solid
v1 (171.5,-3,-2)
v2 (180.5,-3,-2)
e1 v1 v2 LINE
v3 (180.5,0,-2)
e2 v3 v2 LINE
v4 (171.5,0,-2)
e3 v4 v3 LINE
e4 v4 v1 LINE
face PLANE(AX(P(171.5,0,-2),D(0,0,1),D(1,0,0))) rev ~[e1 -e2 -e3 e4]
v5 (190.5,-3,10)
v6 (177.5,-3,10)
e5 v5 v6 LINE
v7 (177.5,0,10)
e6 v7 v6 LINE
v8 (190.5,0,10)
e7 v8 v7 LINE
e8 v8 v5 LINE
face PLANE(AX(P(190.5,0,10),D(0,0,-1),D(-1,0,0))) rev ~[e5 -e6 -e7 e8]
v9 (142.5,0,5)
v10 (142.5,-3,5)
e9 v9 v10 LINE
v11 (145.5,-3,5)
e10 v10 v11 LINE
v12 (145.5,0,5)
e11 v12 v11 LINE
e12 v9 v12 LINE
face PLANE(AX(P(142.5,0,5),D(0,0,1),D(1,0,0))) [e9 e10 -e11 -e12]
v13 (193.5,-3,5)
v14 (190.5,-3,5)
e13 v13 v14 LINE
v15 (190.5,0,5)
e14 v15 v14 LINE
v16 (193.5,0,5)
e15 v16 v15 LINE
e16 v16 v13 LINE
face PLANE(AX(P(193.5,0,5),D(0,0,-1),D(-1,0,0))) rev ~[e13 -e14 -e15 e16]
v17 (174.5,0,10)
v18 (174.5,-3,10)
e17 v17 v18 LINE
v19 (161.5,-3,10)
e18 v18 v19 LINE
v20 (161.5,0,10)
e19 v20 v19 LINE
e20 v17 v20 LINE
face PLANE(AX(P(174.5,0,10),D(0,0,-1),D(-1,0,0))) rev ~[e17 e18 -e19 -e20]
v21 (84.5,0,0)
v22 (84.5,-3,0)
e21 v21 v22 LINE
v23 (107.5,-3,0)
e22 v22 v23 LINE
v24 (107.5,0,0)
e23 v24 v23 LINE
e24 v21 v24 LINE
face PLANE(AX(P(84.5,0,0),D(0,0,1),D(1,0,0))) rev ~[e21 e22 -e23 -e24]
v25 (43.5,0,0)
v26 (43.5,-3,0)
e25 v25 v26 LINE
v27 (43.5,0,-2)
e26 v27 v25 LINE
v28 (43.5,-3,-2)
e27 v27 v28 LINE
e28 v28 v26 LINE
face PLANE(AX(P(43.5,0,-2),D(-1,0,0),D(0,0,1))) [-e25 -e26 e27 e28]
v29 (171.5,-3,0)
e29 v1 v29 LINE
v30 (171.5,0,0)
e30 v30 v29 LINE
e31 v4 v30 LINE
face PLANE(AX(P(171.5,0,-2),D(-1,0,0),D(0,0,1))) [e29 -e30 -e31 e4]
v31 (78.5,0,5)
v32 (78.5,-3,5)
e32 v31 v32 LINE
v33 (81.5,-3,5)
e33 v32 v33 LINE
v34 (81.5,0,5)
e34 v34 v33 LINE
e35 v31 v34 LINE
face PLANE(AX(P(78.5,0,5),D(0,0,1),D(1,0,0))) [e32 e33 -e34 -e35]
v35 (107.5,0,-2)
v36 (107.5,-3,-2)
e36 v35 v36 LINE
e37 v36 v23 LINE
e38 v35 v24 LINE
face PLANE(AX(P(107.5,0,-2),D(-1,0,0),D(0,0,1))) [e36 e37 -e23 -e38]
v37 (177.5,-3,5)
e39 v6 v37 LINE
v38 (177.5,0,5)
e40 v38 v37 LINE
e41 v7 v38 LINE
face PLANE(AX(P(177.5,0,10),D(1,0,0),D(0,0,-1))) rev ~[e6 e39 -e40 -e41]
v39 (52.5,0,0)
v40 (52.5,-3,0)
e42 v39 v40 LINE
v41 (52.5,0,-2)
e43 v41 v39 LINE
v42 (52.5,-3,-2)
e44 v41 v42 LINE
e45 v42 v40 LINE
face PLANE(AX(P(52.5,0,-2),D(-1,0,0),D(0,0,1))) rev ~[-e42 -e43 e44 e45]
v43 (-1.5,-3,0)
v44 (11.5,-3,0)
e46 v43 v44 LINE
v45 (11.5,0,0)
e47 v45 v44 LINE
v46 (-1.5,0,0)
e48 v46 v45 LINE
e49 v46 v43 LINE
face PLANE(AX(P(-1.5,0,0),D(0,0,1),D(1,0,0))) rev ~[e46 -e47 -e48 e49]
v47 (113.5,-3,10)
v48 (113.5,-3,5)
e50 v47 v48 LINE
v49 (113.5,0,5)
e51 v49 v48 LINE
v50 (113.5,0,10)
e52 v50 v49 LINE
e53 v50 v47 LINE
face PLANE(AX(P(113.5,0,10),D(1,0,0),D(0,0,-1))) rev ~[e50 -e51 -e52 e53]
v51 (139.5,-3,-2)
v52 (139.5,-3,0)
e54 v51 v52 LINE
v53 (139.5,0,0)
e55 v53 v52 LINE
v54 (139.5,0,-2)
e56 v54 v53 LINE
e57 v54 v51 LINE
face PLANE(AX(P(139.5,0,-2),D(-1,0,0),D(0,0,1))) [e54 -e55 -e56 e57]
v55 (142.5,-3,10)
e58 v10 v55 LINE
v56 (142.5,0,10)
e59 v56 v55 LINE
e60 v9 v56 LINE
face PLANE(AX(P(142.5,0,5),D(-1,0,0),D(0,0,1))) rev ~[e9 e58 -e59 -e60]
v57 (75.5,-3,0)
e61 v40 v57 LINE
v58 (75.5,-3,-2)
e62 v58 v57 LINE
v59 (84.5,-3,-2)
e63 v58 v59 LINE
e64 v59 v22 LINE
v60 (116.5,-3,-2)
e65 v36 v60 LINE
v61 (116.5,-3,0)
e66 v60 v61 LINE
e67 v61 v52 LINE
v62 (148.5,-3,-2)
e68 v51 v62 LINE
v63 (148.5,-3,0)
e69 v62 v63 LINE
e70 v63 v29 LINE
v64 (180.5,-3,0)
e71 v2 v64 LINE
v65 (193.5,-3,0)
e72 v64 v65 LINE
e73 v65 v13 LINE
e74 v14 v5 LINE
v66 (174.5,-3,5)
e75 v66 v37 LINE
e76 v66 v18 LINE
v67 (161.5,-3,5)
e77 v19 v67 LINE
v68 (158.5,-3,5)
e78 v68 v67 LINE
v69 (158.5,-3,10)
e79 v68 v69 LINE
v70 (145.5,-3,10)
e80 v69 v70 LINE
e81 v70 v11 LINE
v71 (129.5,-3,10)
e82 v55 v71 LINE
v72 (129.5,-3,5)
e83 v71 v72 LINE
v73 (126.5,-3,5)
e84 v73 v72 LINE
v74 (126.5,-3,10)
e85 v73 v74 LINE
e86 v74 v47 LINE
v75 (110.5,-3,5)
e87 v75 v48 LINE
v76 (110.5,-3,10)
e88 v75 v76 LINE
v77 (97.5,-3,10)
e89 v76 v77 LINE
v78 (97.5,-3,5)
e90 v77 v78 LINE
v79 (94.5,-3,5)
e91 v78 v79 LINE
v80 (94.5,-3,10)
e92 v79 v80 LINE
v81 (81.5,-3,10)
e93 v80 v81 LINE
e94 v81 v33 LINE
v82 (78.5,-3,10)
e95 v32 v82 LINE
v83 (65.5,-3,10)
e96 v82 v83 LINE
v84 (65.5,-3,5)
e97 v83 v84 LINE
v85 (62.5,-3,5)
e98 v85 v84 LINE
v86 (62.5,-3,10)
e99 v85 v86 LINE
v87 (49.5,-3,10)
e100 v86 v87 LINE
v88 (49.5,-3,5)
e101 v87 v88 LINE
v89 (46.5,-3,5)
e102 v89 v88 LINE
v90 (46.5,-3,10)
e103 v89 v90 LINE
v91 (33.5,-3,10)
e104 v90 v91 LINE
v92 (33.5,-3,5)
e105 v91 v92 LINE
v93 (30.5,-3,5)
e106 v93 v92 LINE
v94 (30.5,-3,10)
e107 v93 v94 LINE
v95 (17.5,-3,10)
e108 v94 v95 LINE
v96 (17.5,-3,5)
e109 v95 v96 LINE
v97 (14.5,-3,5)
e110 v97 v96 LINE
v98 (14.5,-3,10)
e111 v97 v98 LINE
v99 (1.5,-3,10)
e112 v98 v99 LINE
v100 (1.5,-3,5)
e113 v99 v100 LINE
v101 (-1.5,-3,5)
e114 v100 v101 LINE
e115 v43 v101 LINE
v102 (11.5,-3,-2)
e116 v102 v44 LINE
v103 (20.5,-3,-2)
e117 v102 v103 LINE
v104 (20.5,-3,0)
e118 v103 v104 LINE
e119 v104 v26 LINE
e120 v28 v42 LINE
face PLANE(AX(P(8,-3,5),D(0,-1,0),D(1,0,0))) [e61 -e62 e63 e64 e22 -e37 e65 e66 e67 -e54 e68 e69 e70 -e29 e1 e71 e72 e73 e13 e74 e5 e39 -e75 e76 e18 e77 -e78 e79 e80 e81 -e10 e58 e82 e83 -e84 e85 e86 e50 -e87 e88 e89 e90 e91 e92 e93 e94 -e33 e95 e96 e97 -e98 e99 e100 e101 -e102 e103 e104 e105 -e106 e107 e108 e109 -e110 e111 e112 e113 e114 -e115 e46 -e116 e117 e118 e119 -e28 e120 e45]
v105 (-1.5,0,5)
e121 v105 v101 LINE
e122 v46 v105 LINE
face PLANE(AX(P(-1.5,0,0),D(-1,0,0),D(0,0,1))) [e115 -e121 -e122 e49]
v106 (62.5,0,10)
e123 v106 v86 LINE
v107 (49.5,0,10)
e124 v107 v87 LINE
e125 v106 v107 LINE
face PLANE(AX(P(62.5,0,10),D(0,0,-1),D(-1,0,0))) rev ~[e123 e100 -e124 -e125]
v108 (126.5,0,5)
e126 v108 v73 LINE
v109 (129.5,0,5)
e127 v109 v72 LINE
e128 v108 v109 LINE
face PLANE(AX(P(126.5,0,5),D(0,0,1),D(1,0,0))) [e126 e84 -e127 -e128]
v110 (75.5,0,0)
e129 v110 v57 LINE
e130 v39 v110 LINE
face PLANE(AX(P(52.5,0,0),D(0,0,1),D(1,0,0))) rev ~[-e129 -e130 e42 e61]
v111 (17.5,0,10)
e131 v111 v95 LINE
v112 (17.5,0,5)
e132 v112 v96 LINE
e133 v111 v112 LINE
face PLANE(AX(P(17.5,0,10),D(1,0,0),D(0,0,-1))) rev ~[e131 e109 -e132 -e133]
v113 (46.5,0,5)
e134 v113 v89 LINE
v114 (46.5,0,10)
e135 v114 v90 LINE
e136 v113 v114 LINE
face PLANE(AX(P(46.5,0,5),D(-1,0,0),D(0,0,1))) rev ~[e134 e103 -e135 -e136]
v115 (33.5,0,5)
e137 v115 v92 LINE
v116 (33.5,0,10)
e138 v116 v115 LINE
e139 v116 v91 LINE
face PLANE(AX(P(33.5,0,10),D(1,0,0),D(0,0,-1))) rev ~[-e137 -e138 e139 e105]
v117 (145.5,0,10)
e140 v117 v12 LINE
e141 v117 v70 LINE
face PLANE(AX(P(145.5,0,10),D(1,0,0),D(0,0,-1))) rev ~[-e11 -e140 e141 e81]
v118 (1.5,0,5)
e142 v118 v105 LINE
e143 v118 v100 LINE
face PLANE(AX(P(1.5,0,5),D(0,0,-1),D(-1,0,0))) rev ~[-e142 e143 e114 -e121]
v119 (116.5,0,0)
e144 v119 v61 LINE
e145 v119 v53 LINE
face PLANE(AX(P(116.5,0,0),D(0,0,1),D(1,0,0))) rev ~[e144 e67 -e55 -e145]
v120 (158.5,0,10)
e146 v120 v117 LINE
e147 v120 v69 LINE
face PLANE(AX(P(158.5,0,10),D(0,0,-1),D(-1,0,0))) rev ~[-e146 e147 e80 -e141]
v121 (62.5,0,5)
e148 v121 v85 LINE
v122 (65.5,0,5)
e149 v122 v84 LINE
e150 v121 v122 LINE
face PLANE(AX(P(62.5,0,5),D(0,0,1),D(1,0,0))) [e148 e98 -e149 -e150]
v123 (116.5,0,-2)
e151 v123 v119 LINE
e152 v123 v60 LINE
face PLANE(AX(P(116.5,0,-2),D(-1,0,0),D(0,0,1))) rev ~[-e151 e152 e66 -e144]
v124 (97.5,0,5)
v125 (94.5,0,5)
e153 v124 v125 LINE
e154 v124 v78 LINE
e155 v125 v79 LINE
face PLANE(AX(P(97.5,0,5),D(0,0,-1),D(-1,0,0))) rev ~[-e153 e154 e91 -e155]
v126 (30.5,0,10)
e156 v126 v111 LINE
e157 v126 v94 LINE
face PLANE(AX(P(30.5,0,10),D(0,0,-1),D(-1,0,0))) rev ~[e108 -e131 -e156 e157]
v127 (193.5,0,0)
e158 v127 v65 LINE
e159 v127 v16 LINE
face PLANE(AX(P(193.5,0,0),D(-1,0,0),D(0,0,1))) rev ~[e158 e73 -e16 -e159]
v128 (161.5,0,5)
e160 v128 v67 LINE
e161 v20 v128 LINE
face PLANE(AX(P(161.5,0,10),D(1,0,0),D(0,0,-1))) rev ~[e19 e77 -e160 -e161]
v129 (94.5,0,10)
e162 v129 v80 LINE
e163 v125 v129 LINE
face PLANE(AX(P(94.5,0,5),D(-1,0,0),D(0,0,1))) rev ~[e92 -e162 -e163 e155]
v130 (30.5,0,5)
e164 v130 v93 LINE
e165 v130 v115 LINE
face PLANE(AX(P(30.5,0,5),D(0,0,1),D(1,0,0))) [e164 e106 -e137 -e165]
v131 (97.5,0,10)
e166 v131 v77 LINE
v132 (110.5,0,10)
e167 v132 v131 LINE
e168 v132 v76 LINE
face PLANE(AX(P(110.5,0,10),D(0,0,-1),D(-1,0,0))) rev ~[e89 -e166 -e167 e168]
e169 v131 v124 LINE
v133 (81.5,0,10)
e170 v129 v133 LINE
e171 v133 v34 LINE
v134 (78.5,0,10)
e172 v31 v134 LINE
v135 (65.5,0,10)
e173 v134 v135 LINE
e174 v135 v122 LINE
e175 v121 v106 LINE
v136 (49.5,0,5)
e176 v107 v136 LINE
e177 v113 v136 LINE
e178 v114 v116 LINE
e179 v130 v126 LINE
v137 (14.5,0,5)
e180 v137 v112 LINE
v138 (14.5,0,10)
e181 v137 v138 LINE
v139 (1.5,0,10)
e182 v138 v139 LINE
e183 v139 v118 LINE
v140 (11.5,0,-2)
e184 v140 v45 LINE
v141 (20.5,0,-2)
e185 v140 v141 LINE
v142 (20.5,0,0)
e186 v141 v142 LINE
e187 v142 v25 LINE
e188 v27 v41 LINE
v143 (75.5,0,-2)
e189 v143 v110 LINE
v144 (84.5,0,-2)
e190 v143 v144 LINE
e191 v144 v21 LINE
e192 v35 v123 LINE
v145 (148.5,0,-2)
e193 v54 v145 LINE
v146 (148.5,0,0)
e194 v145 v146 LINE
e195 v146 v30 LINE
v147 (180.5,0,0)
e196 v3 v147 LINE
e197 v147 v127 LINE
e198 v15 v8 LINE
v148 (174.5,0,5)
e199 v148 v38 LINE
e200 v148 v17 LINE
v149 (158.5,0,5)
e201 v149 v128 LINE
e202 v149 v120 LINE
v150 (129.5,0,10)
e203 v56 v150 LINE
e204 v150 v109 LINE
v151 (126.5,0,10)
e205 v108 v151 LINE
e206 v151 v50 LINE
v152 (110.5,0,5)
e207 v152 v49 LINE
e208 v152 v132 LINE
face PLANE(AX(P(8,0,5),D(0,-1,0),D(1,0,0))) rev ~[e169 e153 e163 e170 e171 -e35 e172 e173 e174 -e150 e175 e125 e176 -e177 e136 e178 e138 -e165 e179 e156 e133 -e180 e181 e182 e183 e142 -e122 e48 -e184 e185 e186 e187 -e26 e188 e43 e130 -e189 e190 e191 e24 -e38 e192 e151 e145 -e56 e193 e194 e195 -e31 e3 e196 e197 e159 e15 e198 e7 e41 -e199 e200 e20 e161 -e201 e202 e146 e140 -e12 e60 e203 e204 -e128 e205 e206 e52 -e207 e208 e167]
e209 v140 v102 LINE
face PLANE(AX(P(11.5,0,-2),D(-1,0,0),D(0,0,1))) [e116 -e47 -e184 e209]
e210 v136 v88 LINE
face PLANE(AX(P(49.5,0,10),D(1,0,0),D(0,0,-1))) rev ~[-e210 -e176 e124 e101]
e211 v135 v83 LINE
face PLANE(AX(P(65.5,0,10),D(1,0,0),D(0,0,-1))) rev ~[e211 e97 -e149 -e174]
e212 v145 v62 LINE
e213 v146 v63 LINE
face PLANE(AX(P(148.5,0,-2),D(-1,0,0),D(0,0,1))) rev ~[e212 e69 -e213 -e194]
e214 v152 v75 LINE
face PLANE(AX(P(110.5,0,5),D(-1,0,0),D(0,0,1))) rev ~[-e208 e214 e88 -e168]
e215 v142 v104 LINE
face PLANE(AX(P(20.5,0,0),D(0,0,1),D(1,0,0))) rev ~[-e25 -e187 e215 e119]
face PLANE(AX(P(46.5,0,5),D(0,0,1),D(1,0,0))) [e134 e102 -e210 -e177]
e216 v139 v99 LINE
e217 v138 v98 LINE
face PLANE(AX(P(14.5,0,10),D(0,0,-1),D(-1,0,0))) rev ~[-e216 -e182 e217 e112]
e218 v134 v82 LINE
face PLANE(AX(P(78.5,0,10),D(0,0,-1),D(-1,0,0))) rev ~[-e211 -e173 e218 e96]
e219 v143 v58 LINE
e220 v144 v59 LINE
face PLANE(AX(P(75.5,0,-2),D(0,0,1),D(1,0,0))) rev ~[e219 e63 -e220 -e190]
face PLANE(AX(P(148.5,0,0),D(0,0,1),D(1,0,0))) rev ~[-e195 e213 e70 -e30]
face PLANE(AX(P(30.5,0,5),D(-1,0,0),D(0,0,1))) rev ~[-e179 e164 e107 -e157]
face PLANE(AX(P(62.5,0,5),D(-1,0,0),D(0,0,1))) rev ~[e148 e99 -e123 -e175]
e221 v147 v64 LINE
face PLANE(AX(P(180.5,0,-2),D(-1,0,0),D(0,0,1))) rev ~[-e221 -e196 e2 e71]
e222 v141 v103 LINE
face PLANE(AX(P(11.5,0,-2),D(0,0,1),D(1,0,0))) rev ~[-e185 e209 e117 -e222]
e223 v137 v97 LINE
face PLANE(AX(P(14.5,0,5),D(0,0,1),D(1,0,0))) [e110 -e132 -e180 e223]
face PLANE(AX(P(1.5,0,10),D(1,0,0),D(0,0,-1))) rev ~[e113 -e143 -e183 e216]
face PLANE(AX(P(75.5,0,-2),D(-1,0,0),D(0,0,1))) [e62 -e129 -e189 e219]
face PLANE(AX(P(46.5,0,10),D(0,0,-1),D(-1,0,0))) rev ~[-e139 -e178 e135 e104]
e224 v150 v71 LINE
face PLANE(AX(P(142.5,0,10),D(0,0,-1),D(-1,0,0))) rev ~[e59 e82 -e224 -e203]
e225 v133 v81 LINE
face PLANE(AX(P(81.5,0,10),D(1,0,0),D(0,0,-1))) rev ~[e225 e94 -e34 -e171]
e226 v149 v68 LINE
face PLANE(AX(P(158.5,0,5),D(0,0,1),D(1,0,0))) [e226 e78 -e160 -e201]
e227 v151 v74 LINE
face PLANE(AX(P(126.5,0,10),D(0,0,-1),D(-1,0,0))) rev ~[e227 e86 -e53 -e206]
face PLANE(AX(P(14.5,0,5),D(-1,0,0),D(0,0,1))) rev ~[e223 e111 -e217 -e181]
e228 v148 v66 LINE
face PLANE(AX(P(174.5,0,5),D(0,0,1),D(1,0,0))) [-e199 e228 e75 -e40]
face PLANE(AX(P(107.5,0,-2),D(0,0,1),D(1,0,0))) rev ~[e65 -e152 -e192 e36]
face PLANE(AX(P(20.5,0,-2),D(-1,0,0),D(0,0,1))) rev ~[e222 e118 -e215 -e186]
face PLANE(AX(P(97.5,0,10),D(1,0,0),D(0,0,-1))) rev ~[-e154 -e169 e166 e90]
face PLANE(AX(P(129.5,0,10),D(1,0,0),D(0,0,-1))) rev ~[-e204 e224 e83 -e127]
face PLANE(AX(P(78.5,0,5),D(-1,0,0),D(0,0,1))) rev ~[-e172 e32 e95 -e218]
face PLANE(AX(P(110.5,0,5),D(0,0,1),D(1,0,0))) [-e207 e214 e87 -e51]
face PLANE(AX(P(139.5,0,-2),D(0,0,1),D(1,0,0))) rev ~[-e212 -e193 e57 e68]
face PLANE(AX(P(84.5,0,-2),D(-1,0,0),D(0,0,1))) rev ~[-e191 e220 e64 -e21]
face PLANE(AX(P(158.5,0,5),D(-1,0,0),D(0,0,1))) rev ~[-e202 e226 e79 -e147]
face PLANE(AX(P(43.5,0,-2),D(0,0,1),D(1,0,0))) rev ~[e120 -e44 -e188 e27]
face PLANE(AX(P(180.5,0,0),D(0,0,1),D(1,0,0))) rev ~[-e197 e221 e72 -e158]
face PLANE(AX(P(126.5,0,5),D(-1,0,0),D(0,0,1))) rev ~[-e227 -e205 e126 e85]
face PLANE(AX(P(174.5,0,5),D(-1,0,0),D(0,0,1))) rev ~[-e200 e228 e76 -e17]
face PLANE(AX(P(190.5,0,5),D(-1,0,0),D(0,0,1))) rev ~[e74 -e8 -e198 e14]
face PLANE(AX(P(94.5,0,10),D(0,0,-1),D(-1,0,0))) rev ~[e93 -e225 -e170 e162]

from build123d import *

# Parameters (mm, degrees)
F0_W     = 3
F0_H     = 2
F0_W_2   = 1.5
F0_H_2   = 5
F1_DEPTH = 3


with BuildPart() as f1:
    # F0 (on Front) → F1 (new body)
    with BuildSketch(Plane.XZ):
        Polygon((1.5, 5), (1.5, 0), (11.5, 0), (14.5, 0), (14.5, 5), (14.5, 10), (11.5, 10), (1.5, 10), align=None)
        Polygon((17.5, 5), (17.5, 0), (20.5, 0), (30.5, 0), (30.5, 5), (30.5, 10), (20.5, 10), (17.5, 10), align=None)
        with Locations((45, -1)):
            Rectangle(F0_W, F0_H)
        with Locations((51, -1)):
            Rectangle(F0_W, F0_H)
        with Locations((77, -1)):
            Rectangle(F0_W, F0_H)
        with Locations((83, -1)):
            Rectangle(F0_W, F0_H)
        with Locations((109, -1)):
            Rectangle(F0_W, F0_H)
        with Locations((115, -1)):
            Rectangle(F0_W, F0_H)
        with Locations((141, -1)):
            Rectangle(F0_W, F0_H)
        with Locations((147, -1)):
            Rectangle(F0_W, F0_H)
        with Locations((173, -1)):
            Rectangle(F0_W, F0_H)
        with Locations((179, -1)):
            Rectangle(F0_W, F0_H)
        Polygon((33.5, 5), (33.5, 0), (43.5, 0), (46.5, 0), (46.5, 5), (46.5, 10), (33.5, 10), align=None)
        Polygon((49.5, 5), (49.5, 0), (52.5, 0), (62.5, 0), (62.5, 5), (62.5, 10), (49.5, 10), align=None)
        Polygon((78.5, 10), (65.5, 10), (65.5, 5), (65.5, 0), (75.5, 0), (78.5, 0), (78.5, 5), align=None)
        Polygon((94.5, 10), (81.5, 10), (81.5, 5), (81.5, 0), (84.5, 0), (94.5, 0), (94.5, 5), align=None)
        Polygon((110.5, 10), (97.5, 10), (97.5, 5), (97.5, 0), (107.5, 0), (110.5, 0), (110.5, 5), align=None)
        Polygon((126.5, 10), (113.5, 10), (113.5, 5), (113.5, 0), (116.5, 0), (126.5, 0), (126.5, 5), align=None)
        Polygon((142.5, 10), (129.5, 10), (129.5, 5), (129.5, 0), (139.5, 0), (142.5, 0), (142.5, 5), align=None)
        Polygon((158.5, 10), (145.5, 10), (145.5, 5), (145.5, 0), (148.5, 0), (158.5, 0), (158.5, 5), align=None)
        Polygon((171.5, 10), (161.5, 10), (161.5, 5), (161.5, 0), (171.5, 0), (174.5, 0), (174.5, 5), (174.5, 10), align=None)
        Polygon((180.5, 10), (177.5, 10), (177.5, 5), (177.5, 0), (180.5, 0), (190.5, 0), (190.5, 5), (190.5, 10), align=None)
        with Locations((0.75, 2.5)):
            Rectangle(F0_W_2, F0_H_2)
        with Locations((-0.75, 2.5)):
            Rectangle(F0_W_2, F0_H_2)
        with Locations((16, -1)):
            Rectangle(F0_W, F0_H)
        with Locations((16, 2.5)):
            Rectangle(F0_W, F0_H_2)
        with Locations((32, 2.5)):
            Rectangle(F0_W, F0_H_2)
        with Locations((48, -1)):
            Rectangle(F0_W, F0_H)
        with Locations((48, 2.5)):
            Rectangle(F0_W, F0_H_2)
        with Locations((13, -1)):
            Rectangle(F0_W, F0_H)
        with Locations((19, -1)):
            Rectangle(F0_W, F0_H)
        with Locations((64, 2.5)):
            Rectangle(F0_W, F0_H_2)
        with Locations((80, 2.5)):
            Rectangle(F0_W, F0_H_2)
        with Locations((80, -1)):
            Rectangle(F0_W, F0_H)
        with Locations((96.75, 2.5)):
            Rectangle(F0_W_2, F0_H_2)
        with Locations((112, 2.5)):
            Rectangle(F0_W, F0_H_2)
        with Locations((112, -1)):
            Rectangle(F0_W, F0_H)
        with Locations((128, 2.5)):
            Rectangle(F0_W, F0_H_2)
        with Locations((144, 2.5)):
            Rectangle(F0_W, F0_H_2)
        with Locations((144, -1)):
            Rectangle(F0_W, F0_H)
        with Locations((160, 2.5)):
            Rectangle(F0_W, F0_H_2)
        with Locations((95.25, 2.5)):
            Rectangle(F0_W_2, F0_H_2)
        with Locations((176, 2.5)):
            Rectangle(F0_W, F0_H_2)
        with Locations((176, -1)):
            Rectangle(F0_W, F0_H)
        with Locations((191.25, 2.5)):
            Rectangle(F0_W_2, F0_H_2)
        with Locations((192.75, 2.5)):
            Rectangle(F0_W_2, F0_H_2)
    extrude(amount=F1_DEPTH)


solid = f1.part
